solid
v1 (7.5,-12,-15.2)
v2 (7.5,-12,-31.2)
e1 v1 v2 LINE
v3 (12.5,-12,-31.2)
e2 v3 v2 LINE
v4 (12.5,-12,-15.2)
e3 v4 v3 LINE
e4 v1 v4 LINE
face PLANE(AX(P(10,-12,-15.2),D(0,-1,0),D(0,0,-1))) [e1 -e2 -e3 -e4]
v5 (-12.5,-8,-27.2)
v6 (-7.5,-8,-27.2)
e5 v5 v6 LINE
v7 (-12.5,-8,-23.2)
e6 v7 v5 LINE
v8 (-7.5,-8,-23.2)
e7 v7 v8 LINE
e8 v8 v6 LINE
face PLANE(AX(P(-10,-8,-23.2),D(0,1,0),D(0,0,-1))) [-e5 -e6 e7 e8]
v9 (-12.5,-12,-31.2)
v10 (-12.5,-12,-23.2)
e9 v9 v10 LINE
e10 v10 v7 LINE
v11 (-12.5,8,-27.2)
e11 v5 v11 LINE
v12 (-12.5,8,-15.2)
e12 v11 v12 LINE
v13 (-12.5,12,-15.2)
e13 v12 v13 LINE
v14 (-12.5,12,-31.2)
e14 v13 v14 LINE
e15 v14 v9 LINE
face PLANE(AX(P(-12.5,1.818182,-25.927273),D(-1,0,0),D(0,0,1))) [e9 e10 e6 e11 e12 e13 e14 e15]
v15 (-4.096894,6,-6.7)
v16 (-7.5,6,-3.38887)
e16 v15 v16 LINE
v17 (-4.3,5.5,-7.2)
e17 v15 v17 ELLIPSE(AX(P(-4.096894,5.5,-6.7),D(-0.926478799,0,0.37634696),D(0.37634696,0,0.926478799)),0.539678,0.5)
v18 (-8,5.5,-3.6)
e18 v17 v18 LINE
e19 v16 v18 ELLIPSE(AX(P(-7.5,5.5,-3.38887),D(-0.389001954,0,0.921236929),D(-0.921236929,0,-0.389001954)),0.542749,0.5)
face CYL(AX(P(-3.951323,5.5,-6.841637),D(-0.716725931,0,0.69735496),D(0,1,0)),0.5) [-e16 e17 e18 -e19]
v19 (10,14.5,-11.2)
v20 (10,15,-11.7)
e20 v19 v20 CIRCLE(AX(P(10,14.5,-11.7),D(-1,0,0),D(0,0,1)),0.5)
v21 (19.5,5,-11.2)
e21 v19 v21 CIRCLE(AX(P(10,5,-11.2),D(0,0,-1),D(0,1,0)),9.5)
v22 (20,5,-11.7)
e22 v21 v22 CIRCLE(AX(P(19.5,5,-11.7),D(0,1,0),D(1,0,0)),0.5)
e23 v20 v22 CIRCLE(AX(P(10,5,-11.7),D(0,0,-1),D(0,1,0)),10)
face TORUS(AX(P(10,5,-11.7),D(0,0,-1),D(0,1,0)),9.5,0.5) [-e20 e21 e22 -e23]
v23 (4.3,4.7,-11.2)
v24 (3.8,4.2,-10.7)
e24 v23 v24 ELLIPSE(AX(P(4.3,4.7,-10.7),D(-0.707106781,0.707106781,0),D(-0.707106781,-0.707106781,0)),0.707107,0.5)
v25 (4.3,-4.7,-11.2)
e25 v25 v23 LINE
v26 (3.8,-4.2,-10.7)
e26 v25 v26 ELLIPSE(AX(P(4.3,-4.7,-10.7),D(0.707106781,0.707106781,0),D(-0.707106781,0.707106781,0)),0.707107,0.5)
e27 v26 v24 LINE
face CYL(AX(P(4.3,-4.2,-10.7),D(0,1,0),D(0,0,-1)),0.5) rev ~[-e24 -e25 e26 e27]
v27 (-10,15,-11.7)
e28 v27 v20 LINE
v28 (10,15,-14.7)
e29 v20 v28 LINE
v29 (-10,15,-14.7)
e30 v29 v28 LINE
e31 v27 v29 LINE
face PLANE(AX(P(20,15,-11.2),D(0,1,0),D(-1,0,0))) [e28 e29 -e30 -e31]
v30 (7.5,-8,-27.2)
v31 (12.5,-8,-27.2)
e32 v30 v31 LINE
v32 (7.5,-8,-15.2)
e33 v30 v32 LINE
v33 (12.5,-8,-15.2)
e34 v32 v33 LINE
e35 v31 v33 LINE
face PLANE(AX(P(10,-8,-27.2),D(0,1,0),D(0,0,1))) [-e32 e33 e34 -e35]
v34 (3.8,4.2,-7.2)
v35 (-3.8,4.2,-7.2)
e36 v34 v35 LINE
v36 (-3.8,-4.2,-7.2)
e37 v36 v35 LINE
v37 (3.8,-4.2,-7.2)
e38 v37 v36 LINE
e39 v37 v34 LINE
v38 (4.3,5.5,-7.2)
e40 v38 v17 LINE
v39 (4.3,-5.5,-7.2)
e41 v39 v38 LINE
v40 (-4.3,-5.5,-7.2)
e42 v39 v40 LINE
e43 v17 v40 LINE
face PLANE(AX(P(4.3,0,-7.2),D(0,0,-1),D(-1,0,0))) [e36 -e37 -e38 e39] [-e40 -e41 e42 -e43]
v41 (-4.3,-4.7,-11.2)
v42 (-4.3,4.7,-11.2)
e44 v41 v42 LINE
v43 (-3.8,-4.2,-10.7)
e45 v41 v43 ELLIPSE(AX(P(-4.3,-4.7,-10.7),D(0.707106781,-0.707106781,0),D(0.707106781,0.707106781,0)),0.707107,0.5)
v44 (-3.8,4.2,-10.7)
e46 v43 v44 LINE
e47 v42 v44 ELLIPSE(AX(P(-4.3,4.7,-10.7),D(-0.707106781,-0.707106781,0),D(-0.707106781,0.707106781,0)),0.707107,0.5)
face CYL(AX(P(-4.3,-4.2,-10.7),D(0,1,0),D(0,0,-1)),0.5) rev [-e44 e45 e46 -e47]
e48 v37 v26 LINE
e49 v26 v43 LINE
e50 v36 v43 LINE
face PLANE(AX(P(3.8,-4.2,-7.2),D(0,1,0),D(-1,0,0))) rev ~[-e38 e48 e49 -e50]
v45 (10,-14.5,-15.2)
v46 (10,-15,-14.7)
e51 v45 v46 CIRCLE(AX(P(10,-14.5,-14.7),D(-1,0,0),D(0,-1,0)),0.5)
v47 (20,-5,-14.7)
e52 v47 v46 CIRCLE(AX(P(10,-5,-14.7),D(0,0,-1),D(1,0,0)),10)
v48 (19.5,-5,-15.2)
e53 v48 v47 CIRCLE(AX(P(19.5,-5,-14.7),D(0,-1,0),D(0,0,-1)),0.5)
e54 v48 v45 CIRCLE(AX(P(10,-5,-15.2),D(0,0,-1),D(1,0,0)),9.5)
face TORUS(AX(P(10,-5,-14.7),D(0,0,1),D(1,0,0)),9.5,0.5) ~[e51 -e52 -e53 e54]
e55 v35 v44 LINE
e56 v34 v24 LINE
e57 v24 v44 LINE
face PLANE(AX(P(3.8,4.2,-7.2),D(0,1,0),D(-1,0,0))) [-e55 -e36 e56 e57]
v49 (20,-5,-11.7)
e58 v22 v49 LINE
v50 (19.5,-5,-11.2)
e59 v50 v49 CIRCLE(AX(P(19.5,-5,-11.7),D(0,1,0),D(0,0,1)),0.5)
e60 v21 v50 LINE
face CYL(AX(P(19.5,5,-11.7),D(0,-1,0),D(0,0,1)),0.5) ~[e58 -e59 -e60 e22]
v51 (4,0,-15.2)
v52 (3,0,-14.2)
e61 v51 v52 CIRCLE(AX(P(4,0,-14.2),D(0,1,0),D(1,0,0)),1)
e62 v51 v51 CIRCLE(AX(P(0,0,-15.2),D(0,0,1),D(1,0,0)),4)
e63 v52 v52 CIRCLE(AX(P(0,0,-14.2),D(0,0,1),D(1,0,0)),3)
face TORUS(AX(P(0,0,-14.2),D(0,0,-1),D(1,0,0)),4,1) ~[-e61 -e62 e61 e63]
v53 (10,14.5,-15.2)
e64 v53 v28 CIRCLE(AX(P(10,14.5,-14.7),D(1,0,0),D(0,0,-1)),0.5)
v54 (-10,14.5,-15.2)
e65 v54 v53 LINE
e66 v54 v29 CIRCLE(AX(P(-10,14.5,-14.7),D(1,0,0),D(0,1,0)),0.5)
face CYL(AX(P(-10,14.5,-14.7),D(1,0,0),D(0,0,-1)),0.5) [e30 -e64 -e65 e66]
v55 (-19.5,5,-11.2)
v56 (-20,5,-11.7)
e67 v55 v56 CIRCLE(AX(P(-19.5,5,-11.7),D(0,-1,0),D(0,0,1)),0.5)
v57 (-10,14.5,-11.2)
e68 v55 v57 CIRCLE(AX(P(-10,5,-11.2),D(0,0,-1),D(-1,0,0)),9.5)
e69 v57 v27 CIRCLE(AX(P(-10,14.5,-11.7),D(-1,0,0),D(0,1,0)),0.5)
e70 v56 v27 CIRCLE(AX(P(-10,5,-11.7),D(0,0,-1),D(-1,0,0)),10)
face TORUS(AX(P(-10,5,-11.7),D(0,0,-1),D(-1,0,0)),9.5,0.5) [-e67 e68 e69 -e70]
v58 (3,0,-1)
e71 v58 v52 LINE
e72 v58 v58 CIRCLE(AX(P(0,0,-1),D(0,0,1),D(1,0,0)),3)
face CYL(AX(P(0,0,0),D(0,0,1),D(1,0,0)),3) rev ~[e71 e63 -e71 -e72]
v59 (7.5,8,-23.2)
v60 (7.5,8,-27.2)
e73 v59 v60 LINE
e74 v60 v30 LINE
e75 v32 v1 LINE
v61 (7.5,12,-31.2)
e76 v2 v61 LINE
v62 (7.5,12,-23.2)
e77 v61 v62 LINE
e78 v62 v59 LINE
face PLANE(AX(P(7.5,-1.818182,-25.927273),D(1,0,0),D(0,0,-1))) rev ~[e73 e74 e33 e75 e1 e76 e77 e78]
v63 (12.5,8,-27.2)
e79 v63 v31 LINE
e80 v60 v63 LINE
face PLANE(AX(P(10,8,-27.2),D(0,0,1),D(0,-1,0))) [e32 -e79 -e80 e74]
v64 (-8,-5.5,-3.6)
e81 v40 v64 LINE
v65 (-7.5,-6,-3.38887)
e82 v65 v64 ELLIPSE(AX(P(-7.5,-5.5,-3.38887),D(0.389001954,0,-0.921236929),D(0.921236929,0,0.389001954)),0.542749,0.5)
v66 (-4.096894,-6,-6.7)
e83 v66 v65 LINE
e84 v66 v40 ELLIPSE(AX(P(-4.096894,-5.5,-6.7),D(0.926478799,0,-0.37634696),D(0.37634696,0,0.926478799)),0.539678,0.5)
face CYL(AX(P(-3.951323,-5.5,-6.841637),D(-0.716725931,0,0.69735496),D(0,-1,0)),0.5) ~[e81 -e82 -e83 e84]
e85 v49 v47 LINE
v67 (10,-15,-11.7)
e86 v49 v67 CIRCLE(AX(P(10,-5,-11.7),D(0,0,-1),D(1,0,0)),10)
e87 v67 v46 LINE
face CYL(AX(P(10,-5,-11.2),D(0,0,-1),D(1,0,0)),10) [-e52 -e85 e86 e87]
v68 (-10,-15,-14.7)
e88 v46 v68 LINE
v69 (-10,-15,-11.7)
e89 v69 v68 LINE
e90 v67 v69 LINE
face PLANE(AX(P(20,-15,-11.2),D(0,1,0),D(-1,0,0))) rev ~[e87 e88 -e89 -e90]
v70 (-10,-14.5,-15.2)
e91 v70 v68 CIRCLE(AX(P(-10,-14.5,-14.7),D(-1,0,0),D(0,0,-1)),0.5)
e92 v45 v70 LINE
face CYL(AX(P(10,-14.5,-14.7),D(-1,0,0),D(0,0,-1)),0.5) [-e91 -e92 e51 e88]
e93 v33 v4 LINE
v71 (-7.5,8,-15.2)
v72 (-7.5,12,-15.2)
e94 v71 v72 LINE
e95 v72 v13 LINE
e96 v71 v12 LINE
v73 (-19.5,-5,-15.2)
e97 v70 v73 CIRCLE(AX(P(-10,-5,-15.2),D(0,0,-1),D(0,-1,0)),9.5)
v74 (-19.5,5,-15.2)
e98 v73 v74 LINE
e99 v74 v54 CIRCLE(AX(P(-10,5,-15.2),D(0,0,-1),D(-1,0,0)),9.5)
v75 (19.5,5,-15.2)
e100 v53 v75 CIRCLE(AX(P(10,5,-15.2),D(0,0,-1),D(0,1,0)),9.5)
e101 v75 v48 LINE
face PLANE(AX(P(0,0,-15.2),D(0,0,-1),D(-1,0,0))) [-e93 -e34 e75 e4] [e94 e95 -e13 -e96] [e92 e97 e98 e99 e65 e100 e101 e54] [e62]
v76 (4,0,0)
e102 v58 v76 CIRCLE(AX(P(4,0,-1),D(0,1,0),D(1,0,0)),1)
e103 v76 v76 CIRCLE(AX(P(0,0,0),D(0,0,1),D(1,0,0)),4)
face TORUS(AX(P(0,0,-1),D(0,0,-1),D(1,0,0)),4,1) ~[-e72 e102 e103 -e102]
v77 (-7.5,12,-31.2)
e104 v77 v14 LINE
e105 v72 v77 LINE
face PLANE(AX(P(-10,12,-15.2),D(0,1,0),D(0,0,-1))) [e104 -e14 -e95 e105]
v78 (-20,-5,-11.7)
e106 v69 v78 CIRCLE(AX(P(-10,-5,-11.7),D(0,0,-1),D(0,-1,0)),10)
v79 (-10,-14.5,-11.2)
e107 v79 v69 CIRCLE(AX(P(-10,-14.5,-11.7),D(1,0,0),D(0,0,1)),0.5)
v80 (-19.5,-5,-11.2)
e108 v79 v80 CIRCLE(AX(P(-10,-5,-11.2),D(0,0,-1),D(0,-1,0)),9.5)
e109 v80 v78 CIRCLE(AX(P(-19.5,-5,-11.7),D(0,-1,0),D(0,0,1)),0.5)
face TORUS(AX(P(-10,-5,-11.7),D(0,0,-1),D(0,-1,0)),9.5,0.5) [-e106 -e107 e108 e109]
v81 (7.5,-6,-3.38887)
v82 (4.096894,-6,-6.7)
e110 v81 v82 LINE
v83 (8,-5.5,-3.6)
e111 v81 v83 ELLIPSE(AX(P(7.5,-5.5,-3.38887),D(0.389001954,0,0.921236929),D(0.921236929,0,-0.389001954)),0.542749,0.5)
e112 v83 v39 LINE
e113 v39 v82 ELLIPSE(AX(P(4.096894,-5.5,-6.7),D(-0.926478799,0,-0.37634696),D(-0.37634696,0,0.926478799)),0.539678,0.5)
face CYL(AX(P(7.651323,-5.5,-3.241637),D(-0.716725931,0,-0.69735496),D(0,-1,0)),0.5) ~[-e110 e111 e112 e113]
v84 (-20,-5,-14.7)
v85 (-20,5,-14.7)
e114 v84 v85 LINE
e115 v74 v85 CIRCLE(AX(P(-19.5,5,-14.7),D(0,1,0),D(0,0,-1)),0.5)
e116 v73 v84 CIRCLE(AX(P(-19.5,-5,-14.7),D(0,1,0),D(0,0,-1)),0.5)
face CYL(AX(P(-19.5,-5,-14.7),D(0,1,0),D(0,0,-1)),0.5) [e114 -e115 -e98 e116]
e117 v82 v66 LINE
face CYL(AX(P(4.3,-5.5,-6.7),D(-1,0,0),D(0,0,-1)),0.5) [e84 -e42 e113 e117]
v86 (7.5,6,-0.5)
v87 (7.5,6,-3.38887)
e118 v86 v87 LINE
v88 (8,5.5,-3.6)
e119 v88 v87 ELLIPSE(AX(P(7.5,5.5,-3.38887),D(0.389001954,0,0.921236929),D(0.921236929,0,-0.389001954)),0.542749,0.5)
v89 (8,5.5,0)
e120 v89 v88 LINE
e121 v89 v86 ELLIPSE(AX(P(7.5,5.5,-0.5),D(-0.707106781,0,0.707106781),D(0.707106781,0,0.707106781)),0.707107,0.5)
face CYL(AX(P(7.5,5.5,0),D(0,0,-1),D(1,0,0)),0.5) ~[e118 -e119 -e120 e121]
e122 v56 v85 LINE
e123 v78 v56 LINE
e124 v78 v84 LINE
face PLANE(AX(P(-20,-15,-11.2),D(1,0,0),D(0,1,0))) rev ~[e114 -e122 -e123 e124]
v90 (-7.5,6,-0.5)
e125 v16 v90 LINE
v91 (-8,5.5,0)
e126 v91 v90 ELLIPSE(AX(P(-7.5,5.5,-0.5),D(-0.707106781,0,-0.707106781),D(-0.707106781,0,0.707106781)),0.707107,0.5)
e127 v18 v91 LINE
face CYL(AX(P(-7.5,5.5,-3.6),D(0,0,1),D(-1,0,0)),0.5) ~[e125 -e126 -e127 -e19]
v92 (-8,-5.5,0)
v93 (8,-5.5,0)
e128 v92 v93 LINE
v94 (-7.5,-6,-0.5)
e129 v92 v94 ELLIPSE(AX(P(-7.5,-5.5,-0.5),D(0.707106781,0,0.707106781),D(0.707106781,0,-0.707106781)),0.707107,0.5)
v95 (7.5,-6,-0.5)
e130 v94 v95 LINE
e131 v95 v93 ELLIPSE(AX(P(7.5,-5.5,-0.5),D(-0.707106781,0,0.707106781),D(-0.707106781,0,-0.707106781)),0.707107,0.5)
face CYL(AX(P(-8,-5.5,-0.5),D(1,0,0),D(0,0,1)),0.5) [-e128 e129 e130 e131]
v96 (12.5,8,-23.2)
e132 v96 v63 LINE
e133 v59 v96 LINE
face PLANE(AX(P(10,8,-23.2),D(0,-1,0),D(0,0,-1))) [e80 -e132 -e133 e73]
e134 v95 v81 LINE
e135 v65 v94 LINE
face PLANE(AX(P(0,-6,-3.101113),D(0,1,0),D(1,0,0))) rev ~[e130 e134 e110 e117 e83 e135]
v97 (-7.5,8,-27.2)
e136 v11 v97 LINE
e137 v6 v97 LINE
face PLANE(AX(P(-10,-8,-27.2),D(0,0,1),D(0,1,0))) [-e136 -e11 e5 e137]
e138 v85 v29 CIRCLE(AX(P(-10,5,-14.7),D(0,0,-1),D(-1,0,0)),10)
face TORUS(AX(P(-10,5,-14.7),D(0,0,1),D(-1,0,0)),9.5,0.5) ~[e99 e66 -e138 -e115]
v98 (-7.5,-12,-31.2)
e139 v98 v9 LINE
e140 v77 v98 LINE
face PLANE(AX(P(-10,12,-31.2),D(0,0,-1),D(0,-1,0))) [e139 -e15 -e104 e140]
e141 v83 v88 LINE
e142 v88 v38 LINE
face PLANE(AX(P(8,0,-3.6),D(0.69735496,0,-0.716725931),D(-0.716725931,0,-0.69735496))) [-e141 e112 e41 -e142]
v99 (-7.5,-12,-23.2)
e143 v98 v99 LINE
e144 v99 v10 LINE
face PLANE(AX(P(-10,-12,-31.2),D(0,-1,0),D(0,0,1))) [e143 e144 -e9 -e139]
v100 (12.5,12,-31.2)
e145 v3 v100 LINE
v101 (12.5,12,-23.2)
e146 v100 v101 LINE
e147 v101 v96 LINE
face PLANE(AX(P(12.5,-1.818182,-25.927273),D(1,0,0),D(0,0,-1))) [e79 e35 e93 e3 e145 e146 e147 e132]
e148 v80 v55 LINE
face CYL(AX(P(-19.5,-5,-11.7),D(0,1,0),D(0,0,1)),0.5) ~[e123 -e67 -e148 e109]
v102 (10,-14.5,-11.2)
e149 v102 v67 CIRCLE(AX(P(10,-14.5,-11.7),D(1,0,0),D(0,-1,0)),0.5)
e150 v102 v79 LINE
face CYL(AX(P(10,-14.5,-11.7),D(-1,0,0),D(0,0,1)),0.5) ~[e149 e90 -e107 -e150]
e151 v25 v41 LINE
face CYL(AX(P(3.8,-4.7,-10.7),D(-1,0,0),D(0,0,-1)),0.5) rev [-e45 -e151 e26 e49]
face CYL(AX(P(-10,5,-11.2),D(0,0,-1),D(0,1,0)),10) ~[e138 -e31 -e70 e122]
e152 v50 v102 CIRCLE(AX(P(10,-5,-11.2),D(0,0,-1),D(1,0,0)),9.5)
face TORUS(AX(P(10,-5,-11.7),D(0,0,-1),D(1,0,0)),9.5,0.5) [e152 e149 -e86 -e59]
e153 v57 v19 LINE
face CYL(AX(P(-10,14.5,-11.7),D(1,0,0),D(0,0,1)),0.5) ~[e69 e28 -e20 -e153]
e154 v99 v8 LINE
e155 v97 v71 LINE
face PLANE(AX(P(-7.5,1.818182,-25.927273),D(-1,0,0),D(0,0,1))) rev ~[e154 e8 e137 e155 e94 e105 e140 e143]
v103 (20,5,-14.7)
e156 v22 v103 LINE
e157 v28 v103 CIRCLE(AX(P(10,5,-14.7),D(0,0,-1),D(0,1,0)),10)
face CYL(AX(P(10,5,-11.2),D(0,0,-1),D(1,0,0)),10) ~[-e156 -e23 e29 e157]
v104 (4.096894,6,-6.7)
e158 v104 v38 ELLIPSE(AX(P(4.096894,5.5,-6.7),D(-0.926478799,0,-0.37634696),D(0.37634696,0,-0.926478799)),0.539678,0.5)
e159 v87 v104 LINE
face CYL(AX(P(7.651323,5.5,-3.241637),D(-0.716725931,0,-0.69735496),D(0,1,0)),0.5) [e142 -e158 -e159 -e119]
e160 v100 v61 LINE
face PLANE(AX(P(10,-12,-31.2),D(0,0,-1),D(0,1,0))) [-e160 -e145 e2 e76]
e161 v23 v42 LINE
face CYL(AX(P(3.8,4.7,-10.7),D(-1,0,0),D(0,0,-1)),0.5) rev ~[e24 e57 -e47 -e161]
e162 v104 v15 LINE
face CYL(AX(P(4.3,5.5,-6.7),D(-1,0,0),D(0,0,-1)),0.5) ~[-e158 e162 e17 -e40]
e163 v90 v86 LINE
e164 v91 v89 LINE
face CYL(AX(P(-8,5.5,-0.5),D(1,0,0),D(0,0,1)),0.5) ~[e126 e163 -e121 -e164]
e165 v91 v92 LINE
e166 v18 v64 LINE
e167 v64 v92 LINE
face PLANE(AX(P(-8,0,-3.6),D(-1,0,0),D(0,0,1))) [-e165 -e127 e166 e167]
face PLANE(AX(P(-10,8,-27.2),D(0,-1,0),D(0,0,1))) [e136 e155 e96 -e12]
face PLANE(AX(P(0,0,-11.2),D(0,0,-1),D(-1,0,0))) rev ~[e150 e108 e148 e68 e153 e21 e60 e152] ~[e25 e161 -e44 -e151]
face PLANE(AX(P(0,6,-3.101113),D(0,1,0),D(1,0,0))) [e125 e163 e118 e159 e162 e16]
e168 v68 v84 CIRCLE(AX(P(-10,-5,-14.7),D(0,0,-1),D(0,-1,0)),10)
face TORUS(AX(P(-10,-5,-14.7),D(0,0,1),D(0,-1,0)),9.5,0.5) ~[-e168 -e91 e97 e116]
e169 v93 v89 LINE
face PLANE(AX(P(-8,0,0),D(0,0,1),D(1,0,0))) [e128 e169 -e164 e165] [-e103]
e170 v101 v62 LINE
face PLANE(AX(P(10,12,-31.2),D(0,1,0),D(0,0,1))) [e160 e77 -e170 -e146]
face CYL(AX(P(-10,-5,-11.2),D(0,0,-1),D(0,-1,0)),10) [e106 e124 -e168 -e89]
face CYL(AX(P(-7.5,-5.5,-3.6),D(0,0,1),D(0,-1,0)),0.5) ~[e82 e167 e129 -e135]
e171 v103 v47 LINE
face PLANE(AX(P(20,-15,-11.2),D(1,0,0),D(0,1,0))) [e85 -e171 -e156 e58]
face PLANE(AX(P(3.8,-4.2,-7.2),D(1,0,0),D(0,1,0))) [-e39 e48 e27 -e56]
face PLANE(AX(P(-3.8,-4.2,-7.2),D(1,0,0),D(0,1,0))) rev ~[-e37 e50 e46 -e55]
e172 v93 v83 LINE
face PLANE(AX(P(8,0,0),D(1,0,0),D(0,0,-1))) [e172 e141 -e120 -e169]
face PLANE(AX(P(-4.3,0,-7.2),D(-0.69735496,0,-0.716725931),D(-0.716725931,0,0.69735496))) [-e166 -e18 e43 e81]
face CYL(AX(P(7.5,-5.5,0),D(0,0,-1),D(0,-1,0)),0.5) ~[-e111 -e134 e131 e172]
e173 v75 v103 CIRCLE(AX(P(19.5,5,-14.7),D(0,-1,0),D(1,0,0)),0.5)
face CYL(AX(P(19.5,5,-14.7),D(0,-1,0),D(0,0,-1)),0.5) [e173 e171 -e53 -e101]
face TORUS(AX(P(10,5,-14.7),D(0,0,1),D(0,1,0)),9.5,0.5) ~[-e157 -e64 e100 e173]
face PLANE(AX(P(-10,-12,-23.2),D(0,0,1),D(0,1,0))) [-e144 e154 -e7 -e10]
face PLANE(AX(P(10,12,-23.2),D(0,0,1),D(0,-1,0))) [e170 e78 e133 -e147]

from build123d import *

# Parameters (mm, degrees)
BOSS_EXTRUDE1_DEPTH = 6
SKETCH2_W           = 7.6
SKETCH2_H           = 8.4
BOSS_EXTRUDE2_DEPTH = 4
SKETCH3_W           = 40
SKETCH3_H           = 30
BOSS_EXTRUDE3_DEPTH = 4
BOSS_EXTRUDE4_DEPTH = 2.5
BOSS_EXTRUDE5_DEPTH = 2.5
FILLET1_R           = 10
SKETCH8_R           = 3
CUT_EXTRUDE1_DEPTH  = 32.2
FILLET2_R           = 1
FILLET3_R           = 0.5
FILLET4_R           = 0.5
FILLET5_R           = 0.5


with BuildPart() as part:
    # Sketch1 → Boss-Extrude1 (new body, symmetric)
    with BuildSketch(Plane(origin=(0, 0, 0), x_dir=(1, 0, 0), z_dir=(0, 1, 0))):
        Polygon((-8, 0), (8, 0), (8, 3.6), (4.3, 7.2), (-4.3, 7.2), (-8, 3.6), align=None)
    extrude(amount=BOSS_EXTRUDE1_DEPTH, both=True)

    # Sketch2 → Boss-Extrude2 (add)
    with BuildSketch(Plane(origin=(0, 0, -7.2), x_dir=(-1, 0, 0), z_dir=(0, 0, -1))):
        Rectangle(SKETCH2_W, SKETCH2_H)
    extrude(amount=BOSS_EXTRUDE2_DEPTH)

    # Sketch3 → Boss-Extrude3 (add)
    with BuildSketch(Plane(origin=(0, 0, -11.2), x_dir=(-1, 0, 0), z_dir=(0, 0, -1))):
        Rectangle(SKETCH3_W, SKETCH3_H)
    extrude(amount=BOSS_EXTRUDE3_DEPTH)

    # Sketch6 → Boss-Extrude4 (add, symmetric)
    with BuildSketch(Plane.ZY.offset(10)):
        Polygon((-27.2, 8), (-15.2, 8), (-15.2, 12), (-31.2, 12), (-31.2, -12), (-23.2, -12), (-23.2, -8), (-27.2, -8), align=None)
    extrude(amount=BOSS_EXTRUDE4_DEPTH, both=True)

    # Sketch7 → Boss-Extrude5 (add, symmetric)
    with BuildSketch(Plane(origin=(10, 0, 0), x_dir=(0, 0, -1), z_dir=(1, 0, 0))):
        Polygon((23.2, 12), (23.2, 8), (27.2, 8), (27.2, -8), (15.2, -8), (15.2, -12), (31.2, -12), (31.2, 12), align=None)
    extrude(amount=BOSS_EXTRUDE5_DEPTH, both=True)

    # Fillet1
    fillet1_edges = [part.edges().sort_by_distance(p)[0] for p in [
        (-20, -15, -13.2),
        (-20, 15, -13.2),
        (20, 15, -13.2),
        (20, -15, -13.2),
    ]]
    fillet(fillet1_edges, radius=FILLET1_R)

    # Sketch8 → Cut-Extrude1 (cut, through all)
    with BuildSketch(Plane.XY):
        Circle(SKETCH8_R)
    extrude(amount=-CUT_EXTRUDE1_DEPTH, mode=Mode.SUBTRACT)

    # Fillet2
    fillet2_edges = [part.edges().sort_by_distance(p)[0] for p in [
        (-3, 0, -15.2),
        (-3, 0, 0),
    ]]
    fillet(fillet2_edges, radius=FILLET2_R)

    # Fillet3
    fillet3_edges = [part.edges().sort_by_distance(p)[0] for p in [
        (-6.15, 6, -5.4),
        (-8, 6, -1.8),
        (0, 6, 0),
        (8, 6, -1.8),
        (6.15, 6, -5.4),
        (8, -6, -1.8),
        (0, -6, 0),
        (-8, -6, -1.8),
        (-6.15, -6, -5.4),
        (0, -6, -7.2),
        (6.15, -6, -5.4),
        (0, 6, -7.2),
    ]]
    fillet(fillet3_edges, radius=FILLET3_R)

    # Fillet4
    fillet4_edges = [part.edges().sort_by_distance(p)[0] for p in [
        (-20, 0, -11.2),
        (-20, 0, -15.2),
        (0, -15, -11.2),
        (20, 0, -11.2),
        (0, 15, -11.2),
        (17.071067812, 12.071067812, -11.2),
        (17.071067812, -12.071067812, -11.2),
        (-17.071067812, 12.071067812, -11.2),
        (-17.071067812, -12.071067812, -11.2),
        (0, -15, -15.2),
        (0, 15, -15.2),
        (20, 0, -15.2),
        (17.071067812, 12.071067812, -15.2),
        (17.071067812, -12.071067812, -15.2),
        (-17.071067812, 12.071067812, -15.2),
        (-17.071067812, -12.071067812, -15.2),
    ]]
    fillet(fillet4_edges, radius=FILLET4_R)

    # Fillet5
    fillet5_edges = [part.edges().sort_by_distance(p)[0] for p in [
        (-3.8, 0, -11.2),
        (0, 4.2, -11.2),
        (3.8, 0, -11.2),
        (0, -4.2, -11.2),
    ]]
    fillet(fillet5_edges, radius=FILLET5_R)


solid = part.part
